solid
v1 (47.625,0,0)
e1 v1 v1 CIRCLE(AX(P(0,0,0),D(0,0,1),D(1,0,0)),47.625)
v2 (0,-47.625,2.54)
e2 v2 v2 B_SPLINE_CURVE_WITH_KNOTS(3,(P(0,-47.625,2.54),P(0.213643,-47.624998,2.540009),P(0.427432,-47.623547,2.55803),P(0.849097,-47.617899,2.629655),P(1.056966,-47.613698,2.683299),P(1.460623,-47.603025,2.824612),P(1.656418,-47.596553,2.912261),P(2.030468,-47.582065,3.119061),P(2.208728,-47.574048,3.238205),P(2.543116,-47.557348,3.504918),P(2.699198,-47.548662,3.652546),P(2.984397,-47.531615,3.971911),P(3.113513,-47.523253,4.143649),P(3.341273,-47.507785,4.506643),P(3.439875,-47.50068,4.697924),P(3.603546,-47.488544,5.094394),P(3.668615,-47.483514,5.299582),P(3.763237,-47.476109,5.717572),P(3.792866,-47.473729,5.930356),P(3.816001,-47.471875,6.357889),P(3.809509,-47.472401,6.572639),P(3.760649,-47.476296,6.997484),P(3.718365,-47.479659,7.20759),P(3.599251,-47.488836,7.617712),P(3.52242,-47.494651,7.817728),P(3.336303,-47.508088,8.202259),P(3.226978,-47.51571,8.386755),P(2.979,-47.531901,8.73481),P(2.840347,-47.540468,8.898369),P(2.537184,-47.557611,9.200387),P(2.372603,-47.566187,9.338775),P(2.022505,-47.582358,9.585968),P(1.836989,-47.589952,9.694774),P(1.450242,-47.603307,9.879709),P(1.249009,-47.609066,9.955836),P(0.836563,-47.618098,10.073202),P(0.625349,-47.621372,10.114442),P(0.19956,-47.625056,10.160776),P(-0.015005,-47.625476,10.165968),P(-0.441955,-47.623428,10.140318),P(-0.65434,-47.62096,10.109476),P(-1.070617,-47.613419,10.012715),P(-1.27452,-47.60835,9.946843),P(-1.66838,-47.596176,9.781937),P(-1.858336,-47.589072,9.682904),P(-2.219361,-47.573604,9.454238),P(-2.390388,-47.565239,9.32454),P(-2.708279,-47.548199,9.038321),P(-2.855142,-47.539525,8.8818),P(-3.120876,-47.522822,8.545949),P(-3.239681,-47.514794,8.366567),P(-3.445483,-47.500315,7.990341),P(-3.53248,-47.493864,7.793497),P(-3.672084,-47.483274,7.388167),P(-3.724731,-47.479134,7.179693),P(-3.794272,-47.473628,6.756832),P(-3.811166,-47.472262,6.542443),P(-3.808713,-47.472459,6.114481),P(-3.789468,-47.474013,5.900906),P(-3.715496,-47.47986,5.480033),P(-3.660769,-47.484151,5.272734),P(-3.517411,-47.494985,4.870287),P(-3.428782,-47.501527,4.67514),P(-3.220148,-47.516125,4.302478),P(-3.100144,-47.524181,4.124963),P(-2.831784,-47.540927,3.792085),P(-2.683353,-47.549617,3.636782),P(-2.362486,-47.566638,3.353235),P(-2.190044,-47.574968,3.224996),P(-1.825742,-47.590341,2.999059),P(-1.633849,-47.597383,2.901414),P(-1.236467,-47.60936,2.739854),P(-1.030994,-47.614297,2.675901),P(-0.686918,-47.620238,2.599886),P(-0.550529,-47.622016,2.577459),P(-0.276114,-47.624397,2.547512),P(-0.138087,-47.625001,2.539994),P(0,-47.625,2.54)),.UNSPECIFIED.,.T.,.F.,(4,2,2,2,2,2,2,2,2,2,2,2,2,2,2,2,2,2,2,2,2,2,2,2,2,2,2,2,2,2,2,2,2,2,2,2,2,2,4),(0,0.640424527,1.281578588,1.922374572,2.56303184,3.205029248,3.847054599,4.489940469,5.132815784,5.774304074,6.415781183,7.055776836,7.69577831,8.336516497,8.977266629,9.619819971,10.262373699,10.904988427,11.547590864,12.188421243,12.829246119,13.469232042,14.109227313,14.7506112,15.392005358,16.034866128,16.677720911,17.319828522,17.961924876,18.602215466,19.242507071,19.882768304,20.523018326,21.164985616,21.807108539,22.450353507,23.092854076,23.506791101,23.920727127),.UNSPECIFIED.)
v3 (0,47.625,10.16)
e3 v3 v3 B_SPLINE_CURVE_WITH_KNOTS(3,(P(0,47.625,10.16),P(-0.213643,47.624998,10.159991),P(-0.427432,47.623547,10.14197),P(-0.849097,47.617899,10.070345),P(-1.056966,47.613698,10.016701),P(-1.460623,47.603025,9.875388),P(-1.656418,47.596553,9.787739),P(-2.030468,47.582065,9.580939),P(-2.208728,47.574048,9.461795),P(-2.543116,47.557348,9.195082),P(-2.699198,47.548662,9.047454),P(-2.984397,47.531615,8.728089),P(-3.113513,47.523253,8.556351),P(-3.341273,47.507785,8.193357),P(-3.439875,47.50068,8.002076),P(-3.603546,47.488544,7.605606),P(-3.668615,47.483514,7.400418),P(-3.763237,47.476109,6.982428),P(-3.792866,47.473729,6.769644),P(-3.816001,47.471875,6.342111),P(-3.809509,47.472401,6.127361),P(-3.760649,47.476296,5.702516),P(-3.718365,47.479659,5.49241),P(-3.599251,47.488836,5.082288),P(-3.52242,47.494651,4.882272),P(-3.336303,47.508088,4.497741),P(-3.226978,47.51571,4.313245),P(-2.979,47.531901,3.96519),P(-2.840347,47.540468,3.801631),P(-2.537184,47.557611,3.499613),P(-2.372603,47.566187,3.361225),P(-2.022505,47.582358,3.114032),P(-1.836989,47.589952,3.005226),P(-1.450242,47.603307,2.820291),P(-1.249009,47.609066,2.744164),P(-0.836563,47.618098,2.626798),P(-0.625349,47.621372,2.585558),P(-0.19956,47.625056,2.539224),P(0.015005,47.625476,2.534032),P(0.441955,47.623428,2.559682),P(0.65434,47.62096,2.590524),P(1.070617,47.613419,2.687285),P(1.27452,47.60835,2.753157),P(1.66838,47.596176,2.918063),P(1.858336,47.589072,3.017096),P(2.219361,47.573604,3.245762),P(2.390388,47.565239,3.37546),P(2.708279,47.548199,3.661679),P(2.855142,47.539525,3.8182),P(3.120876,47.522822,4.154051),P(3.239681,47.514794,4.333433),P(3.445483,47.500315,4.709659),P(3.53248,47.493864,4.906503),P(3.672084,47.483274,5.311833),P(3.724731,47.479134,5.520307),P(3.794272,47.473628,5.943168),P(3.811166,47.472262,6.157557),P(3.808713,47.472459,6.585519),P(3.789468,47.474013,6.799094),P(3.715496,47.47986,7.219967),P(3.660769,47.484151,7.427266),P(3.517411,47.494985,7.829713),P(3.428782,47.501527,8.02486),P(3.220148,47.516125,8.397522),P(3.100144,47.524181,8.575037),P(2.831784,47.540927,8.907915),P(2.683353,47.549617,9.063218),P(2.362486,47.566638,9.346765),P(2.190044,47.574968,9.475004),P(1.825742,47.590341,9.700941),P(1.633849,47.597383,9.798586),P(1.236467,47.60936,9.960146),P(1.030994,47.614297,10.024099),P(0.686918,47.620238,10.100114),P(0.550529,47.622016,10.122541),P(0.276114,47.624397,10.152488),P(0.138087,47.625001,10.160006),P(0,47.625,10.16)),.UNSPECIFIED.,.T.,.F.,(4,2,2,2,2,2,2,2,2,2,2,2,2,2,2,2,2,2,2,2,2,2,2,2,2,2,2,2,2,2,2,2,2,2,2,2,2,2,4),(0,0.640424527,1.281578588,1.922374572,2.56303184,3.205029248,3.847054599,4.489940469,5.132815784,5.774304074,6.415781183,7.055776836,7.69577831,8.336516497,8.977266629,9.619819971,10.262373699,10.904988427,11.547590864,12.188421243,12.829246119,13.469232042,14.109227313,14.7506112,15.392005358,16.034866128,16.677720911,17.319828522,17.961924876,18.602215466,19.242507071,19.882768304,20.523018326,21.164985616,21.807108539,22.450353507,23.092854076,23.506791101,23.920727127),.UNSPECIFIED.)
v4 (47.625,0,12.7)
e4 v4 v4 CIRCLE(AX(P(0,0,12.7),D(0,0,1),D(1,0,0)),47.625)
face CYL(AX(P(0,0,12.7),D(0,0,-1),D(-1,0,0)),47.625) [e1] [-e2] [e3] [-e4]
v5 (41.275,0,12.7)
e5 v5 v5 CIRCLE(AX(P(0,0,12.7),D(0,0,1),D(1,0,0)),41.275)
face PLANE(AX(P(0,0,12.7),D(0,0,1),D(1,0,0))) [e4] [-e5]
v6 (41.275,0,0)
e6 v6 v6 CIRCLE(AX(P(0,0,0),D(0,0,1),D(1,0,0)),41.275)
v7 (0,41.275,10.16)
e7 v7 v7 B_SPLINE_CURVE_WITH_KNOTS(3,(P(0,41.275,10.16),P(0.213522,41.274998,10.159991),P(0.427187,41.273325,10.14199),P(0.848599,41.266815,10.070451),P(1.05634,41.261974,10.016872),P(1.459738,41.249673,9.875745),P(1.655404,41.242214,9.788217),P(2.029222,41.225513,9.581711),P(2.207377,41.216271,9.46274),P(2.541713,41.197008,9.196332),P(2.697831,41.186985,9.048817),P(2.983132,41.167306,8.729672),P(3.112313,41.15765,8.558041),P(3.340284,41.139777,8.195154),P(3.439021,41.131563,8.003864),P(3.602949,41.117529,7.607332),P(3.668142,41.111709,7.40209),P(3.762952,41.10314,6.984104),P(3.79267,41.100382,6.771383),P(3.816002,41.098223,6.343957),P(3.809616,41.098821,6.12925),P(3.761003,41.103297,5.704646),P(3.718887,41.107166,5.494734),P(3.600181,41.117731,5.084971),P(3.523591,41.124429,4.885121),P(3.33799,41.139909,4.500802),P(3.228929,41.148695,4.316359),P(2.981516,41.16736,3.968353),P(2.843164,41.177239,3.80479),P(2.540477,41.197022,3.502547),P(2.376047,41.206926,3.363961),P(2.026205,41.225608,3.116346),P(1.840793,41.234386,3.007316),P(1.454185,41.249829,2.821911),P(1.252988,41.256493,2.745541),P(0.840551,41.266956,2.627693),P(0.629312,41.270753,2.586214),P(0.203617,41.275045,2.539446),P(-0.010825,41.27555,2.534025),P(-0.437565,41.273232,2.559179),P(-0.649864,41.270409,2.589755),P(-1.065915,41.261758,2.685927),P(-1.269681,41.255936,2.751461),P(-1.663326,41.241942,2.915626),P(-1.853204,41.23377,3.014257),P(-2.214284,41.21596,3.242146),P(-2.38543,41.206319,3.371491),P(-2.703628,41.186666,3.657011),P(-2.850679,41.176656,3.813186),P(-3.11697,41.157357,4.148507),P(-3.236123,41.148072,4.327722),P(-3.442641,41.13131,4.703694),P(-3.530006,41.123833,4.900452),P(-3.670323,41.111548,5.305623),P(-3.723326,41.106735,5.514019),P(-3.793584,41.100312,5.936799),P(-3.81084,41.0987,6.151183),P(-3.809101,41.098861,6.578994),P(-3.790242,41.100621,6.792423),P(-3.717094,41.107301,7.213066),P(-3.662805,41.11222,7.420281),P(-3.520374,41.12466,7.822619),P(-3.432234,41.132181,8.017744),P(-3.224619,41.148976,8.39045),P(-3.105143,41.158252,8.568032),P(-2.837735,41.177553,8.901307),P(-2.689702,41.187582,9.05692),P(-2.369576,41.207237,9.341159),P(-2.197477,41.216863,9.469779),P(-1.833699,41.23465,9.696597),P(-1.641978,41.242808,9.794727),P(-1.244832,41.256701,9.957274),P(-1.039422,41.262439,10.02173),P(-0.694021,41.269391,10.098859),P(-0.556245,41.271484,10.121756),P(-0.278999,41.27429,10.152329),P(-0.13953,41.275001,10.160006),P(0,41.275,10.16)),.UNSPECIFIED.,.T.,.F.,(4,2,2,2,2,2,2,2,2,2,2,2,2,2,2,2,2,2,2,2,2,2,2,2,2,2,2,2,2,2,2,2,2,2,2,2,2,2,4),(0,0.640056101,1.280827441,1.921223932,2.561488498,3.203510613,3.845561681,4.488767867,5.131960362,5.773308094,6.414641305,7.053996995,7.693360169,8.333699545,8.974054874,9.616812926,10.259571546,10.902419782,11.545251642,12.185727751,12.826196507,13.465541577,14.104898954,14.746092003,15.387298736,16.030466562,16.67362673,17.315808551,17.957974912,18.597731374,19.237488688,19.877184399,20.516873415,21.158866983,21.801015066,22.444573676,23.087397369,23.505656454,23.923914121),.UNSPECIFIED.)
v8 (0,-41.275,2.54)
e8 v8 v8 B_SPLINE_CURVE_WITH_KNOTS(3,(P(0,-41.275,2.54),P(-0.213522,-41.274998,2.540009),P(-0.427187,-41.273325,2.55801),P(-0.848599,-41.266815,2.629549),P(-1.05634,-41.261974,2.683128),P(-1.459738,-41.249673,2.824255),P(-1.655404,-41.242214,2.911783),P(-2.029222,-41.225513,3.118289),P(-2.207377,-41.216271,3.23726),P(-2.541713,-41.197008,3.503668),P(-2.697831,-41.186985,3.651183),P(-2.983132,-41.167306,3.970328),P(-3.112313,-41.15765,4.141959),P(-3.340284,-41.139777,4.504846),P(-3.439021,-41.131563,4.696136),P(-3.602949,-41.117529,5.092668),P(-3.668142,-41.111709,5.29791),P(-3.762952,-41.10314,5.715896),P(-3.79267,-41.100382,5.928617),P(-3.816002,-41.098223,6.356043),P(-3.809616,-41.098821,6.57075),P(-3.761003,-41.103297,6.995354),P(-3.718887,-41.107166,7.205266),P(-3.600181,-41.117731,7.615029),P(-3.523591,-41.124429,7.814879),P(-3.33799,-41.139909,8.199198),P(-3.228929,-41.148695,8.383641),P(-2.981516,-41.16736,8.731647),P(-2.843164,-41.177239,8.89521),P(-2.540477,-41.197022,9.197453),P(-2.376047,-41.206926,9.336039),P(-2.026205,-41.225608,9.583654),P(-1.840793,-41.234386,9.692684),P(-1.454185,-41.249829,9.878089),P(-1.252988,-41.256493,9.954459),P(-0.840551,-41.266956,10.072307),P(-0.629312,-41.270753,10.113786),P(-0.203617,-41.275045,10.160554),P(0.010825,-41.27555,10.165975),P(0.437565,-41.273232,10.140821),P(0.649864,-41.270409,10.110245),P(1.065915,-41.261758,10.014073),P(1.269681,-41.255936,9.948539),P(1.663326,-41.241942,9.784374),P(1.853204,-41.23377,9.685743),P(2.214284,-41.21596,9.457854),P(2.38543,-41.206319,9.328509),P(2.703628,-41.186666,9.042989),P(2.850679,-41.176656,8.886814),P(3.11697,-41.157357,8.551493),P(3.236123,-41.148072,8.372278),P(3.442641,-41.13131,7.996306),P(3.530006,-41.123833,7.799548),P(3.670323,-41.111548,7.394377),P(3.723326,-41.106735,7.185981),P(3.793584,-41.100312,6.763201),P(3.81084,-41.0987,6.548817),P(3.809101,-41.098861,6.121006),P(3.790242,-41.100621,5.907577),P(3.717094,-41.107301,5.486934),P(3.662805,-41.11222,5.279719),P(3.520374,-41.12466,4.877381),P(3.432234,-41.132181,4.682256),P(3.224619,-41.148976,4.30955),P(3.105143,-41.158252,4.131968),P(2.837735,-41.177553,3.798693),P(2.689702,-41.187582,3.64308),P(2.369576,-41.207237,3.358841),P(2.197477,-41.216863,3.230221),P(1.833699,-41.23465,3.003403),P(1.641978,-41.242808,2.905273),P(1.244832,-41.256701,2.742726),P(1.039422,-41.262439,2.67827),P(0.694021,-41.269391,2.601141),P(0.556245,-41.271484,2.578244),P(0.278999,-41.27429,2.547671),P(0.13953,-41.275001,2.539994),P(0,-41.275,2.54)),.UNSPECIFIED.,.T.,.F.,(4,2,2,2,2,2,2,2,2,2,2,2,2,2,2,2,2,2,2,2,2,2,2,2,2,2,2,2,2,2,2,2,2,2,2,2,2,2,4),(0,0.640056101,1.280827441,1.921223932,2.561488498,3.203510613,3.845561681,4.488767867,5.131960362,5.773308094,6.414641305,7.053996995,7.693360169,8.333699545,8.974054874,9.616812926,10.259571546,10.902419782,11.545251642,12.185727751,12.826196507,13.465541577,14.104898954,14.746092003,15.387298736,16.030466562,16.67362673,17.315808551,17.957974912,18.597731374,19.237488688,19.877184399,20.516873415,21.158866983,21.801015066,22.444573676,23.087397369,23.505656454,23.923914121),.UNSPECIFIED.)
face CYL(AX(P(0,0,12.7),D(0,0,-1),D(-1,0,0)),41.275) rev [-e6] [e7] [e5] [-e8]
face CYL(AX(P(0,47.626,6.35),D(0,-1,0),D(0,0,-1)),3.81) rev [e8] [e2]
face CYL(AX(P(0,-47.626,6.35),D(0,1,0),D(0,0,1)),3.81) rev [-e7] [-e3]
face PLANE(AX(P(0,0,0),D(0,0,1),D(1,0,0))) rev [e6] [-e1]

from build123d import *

# Parameters (mm, degrees)
SKETCH1_R               = 47.625
SKETCH1_R_2             = 41.275
BOSS_EXTRUDE1_DEPTH     = 12.7
CUT_EXTRUDE1_REACH      = 109.247
CUT_EXTRUDE1_END_RADIUS = 41.275
SKETCH2_R               = 3.81


with BuildPart() as part:
    # Sketch1 → Boss-Extrude1 (new body)
    with BuildSketch(Plane.XY):
        Circle(SKETCH1_R)
        Circle(SKETCH1_R_2, mode=Mode.SUBTRACT)
    extrude(amount=BOSS_EXTRUDE1_DEPTH)

    # Cut-Extrude1: up to this cylinder (the profile starts outside it)
    cut_extrude1_end = Plane(origin=(0, 0, 6.35), z_dir=(0, 0, -1)) * Cylinder(CUT_EXTRUDE1_END_RADIUS, 302.044, mode=Mode.PRIVATE)
    # Sketch2 → Cut-Extrude1 (cut, up to the surface)
    with BuildSketch(Plane(origin=(0, 47.625, 0), x_dir=(1, 0, 0), z_dir=(0, 1, 0)), mode=Mode.PRIVATE) as cut_extrude1_sk1:
        with Locations(Location((0, -6.35, 0), (0, 0, 270))):
            Circle(SKETCH2_R)
    cut_extrude1_tool1 = extrude(cut_extrude1_sk1.sketch, amount=-CUT_EXTRUDE1_REACH, mode=Mode.PRIVATE) - cut_extrude1_end
    cut_extrude1 = cut_extrude1_tool1.solids().sort_by_distance((0, 47.625, 6.35))[0]
    add(cut_extrude1, mode=Mode.SUBTRACT)

    # Mirror1: Cut-Extrude1 across plane
    add(cut_extrude1.mirror(Plane.ZX), mode=Mode.SUBTRACT)


solid = part.part
